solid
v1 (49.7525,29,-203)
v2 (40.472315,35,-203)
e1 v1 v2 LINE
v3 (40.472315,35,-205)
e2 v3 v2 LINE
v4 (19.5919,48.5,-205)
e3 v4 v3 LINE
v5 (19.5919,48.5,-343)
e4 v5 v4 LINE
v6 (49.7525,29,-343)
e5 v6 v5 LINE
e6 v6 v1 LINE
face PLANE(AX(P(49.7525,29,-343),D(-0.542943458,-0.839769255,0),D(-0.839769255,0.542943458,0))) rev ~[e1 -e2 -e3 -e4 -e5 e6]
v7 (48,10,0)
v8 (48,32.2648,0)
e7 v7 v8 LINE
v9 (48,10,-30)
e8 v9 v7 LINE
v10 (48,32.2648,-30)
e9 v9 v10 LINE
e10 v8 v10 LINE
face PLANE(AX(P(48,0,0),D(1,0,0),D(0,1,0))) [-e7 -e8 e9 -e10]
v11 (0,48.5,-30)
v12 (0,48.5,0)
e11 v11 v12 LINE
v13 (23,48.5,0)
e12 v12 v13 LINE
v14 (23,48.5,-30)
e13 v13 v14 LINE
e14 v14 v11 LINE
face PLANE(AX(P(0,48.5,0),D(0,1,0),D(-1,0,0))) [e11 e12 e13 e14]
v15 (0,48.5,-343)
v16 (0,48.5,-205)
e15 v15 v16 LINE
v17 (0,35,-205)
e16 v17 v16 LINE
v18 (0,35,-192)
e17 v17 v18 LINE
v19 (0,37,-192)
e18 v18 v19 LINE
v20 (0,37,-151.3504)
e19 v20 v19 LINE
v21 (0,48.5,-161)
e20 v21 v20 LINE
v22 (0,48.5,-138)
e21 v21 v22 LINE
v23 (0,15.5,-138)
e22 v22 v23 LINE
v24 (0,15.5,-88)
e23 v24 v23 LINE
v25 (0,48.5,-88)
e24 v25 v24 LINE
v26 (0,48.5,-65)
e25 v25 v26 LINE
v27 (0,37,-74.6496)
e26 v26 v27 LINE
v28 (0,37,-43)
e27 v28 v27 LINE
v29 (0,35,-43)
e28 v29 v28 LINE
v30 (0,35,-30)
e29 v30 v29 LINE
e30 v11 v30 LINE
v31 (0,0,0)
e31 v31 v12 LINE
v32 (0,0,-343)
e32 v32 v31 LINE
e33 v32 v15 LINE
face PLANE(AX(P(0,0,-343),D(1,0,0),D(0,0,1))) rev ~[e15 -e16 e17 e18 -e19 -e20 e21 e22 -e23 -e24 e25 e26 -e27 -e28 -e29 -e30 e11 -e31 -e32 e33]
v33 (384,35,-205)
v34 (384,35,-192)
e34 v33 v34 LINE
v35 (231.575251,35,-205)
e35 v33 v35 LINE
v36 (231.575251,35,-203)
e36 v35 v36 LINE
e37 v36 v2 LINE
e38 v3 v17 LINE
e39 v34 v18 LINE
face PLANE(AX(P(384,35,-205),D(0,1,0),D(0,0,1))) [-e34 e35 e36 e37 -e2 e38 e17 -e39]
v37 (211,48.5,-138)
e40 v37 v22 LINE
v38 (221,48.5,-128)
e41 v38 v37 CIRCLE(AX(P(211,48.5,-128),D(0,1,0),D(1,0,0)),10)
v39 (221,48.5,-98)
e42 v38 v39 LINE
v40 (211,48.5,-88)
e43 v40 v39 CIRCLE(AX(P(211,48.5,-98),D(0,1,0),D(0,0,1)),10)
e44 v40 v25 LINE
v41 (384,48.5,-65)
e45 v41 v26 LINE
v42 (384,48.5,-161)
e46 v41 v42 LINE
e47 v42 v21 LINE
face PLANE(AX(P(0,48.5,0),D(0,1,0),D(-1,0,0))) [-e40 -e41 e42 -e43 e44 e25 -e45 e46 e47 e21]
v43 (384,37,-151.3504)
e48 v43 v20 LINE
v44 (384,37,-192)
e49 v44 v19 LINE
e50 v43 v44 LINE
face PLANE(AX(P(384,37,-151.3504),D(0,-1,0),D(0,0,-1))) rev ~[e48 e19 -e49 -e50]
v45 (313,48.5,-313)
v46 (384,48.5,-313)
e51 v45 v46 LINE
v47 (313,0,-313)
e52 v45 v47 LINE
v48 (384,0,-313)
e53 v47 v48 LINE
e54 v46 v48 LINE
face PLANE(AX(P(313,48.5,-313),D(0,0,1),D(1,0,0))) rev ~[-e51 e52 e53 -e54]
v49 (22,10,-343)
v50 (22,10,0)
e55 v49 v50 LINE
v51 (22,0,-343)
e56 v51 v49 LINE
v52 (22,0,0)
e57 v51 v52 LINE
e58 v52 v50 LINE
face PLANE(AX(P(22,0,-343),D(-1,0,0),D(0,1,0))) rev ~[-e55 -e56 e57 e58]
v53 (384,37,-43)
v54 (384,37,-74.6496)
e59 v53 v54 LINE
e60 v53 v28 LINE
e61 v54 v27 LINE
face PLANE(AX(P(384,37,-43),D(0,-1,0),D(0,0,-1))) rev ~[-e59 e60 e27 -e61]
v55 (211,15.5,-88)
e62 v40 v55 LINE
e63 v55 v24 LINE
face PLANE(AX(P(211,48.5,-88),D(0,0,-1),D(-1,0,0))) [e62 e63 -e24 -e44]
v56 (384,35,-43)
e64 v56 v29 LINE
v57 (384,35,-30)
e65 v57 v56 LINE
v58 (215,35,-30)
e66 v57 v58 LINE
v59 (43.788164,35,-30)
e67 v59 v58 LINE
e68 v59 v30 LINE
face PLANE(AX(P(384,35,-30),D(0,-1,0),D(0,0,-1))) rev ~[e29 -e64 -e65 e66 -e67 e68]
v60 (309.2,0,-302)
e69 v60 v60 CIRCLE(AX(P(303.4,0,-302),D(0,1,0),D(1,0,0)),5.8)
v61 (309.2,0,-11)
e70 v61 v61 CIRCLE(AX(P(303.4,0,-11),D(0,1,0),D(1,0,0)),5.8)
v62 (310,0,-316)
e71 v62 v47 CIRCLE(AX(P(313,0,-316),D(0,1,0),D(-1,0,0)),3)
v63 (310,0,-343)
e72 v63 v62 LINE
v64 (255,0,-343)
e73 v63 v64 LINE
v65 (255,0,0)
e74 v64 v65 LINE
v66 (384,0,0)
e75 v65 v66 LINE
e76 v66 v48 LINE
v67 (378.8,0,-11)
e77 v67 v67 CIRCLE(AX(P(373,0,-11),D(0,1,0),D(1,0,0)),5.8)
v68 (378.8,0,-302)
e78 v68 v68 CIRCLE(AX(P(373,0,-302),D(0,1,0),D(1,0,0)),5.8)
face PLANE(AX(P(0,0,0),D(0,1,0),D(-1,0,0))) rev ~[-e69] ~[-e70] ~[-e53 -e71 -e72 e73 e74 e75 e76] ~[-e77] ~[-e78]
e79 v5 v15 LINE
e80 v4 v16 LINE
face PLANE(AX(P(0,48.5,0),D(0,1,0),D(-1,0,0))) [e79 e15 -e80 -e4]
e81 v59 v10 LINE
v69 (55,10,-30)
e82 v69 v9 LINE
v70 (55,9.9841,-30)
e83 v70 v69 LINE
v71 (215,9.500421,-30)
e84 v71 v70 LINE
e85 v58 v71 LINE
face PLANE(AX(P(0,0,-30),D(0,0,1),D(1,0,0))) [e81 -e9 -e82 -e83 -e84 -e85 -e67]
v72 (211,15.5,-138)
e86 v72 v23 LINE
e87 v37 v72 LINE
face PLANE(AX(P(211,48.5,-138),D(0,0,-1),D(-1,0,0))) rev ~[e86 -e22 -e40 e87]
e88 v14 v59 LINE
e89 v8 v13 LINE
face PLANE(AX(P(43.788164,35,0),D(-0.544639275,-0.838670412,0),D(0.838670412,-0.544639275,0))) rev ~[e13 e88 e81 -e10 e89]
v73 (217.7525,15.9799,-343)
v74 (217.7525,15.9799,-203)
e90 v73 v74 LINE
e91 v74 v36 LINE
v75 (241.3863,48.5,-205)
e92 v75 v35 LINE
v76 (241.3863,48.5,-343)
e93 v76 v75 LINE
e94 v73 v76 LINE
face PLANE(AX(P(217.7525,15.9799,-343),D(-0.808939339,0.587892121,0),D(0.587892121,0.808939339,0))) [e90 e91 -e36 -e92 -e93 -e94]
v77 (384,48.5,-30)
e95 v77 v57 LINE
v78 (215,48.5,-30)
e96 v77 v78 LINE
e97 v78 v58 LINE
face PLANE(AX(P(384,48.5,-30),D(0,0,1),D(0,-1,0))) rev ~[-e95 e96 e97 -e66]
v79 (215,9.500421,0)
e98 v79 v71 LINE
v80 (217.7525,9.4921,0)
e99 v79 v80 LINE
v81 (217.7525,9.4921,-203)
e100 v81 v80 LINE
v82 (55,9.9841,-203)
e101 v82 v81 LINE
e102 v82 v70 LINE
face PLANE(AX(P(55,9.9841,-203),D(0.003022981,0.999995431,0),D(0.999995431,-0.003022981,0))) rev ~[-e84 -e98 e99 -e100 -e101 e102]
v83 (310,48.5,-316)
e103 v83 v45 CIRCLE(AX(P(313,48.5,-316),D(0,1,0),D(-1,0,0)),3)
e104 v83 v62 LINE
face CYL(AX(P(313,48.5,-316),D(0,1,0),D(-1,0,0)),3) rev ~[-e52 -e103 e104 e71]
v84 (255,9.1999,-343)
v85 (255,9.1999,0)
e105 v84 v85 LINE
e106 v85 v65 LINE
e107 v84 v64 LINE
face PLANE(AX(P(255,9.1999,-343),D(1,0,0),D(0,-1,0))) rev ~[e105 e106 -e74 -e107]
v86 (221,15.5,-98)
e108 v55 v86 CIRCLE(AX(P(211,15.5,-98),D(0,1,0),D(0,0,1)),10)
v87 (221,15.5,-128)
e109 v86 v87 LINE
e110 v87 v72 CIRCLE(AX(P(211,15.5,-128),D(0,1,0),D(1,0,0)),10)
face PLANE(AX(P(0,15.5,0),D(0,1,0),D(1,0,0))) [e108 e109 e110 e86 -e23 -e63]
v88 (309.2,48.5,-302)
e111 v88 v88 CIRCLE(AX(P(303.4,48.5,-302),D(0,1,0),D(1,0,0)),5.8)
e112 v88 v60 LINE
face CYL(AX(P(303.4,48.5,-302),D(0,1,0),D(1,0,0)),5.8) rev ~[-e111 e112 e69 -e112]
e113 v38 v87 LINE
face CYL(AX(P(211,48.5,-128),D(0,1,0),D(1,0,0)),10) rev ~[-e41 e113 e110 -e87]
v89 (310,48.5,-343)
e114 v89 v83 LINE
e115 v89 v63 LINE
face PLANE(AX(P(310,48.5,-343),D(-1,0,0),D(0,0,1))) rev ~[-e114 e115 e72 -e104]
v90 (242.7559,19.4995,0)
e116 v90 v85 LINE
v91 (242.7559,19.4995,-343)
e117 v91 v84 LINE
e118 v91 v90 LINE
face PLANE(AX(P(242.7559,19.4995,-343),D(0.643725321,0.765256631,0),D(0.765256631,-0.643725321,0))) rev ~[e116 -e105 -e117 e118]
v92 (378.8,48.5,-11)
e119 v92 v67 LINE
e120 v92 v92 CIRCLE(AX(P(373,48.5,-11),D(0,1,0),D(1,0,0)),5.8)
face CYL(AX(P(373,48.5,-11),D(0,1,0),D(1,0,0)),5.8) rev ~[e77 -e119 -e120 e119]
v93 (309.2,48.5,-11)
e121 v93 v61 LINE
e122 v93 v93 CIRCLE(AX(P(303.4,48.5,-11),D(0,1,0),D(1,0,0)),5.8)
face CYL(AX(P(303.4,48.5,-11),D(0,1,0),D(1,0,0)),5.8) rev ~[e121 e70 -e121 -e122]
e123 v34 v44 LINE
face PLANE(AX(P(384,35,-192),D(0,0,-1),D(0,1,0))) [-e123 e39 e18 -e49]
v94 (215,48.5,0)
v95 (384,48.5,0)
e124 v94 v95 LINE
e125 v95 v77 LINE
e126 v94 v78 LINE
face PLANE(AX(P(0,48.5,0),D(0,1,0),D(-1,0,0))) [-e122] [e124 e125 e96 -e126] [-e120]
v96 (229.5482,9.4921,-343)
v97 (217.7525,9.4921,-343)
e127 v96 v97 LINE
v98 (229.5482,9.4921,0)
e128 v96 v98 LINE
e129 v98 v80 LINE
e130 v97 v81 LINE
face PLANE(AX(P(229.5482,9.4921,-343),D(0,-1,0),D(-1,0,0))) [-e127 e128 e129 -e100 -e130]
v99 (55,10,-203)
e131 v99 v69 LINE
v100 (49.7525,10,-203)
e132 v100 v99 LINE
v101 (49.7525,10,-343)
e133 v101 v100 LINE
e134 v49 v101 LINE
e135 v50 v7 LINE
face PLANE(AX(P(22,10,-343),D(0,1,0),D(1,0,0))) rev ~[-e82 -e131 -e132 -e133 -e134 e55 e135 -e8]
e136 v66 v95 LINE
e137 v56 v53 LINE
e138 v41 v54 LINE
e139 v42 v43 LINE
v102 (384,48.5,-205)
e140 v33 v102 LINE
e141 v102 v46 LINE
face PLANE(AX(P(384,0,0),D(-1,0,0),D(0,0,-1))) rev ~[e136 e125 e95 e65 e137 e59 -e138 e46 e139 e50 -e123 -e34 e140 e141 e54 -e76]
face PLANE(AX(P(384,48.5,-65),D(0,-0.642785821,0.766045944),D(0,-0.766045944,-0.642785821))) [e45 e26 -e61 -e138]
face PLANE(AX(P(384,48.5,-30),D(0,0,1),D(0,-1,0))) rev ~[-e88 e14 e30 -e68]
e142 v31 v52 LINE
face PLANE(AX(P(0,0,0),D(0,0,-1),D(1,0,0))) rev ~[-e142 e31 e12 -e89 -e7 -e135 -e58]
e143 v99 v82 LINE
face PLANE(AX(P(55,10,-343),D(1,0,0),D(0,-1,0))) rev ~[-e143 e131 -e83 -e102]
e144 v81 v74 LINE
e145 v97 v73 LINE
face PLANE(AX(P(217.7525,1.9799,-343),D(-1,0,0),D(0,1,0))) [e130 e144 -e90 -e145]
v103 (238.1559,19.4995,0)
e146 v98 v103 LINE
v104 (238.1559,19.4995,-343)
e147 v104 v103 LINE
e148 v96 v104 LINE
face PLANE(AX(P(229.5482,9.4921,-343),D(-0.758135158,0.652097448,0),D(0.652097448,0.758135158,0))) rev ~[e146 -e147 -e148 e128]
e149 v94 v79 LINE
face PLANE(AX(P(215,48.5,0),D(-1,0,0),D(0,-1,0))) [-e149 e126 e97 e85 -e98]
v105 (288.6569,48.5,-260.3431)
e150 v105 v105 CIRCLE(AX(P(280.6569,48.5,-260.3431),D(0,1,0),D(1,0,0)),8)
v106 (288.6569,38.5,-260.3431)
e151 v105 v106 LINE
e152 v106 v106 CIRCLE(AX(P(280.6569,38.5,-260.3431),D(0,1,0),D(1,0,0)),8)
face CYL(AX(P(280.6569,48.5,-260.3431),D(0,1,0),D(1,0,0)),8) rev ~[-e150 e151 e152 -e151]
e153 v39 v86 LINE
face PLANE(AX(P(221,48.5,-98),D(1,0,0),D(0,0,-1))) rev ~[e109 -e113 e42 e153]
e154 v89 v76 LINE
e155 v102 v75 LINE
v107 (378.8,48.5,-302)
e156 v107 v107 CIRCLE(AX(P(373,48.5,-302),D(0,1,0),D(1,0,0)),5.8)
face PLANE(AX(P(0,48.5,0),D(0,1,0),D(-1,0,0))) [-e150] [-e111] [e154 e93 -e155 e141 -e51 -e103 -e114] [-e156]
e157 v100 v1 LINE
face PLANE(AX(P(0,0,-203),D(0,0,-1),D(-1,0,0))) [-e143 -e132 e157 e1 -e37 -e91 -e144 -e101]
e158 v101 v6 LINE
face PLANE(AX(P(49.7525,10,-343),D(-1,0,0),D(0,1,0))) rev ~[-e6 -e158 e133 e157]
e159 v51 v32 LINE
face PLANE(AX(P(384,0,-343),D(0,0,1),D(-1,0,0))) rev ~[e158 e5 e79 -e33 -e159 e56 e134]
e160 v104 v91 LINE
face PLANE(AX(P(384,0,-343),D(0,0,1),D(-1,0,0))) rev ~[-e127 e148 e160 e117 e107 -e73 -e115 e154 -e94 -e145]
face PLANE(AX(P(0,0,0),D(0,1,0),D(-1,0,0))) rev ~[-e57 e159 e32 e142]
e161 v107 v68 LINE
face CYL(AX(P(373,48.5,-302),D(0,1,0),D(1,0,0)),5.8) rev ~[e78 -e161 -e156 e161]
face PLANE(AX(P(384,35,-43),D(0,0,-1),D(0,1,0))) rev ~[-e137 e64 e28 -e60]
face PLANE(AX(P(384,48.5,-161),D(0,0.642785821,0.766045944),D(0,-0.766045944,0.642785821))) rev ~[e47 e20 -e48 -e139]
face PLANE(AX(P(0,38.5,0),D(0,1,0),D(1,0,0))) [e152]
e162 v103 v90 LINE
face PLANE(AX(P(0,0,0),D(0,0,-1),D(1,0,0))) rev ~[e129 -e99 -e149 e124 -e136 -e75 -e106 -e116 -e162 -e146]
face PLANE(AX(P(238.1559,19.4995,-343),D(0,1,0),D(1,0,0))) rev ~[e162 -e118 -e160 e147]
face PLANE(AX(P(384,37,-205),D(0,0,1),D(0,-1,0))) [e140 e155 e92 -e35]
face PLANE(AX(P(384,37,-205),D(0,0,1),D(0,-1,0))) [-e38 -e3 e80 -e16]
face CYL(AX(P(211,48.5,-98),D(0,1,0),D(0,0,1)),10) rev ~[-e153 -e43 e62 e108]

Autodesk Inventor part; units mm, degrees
ref_plane "YZ Plane" through (0, 0, 0) normal (1, 0, 0) x (0, 1, 0)
ref_plane "XZ Plane" through (0, 0, 0) normal (0, 1, 0) x (-1, 0, 0)
ref_plane "XY Plane" through (0, 0, 0) normal (0, 0, 1) x (1, 0, 0)
sketch "Sketch1" plane through (0, 0, 0) normal (0, 1, 0) x (-1, 0, 0)
  line L0 (0, 0) -> (-384, 0)
  line L1 (-384, 0) -> (-384, -343)
  line L2 (-384, -343) -> (0, -343)
  line L3 (0, -343) -> (0, 0)
  dimension "d0" = 384
  dimension "d1" = 343
extrude "Extrusion1" add sketch "Sketch1" along normal blind 48.5
sketch "Sketch3" plane through (384, 0, 0) normal (1, 0, 0) x (0, 0, -1)
  line L0 (0, 0) -> (343, 0) projected
  line L1 (0, 0) -> (0, 48.5) projected
  line L2 (343, 0) -> (343, 48.5) projected
  line L3 (30, 48.5) -> (65, 48.5)
  line L4 (30, 48.5) -> (30, 37)
  line L5 (65, 48.5) -> (74.6496, 37)
  line L6 (43, 37) -> (74.6496, 37)
  line L7 (30, 37) -> (30, 35)
  line L8 (30, 35) -> (43, 35)
  line L9 (43, 35) -> (43, 37)
  dimension "d23" = 35
  dimension "d37" = 2
  dimension "d38" = 13
extrude "Extrusion2" cut sketch "Sketch3" against normal through all
sketch "Sketch7" plane through (384, 0, 0) normal (1, 0, 0) x (0, 0, -1)
  line L0 (65, 48.5) -> (343, 48.5) projected
  line L1 (65, 48.5) -> (161, 48.5)
  line L2 (161, 48.5) -> (174.2196, 48.5) construction
  line L3 (161, 48.5) -> (205, 48.5)
  line L4 (0, 0) -> (343, 0) projected
  line L5 (151.3504, 37) -> (192, 37)
  line L6 (205, 37) -> (205, 48.5)
  line L7 (161, 48.5) -> (151.3504, 37)
  line L8 (161, 48.5) -> (183.0653, 48.5) construction
  line L9 (205, 37) -> (205, 35)
  line L10 (205, 35) -> (192, 35)
  line L11 (192, 35) -> (192, 37)
  dimension "d27" = 96
  dimension "d29" = 44
  dimension "d32" = 130
extrude "Extrusion3" cut sketch "Sketch7" against normal through all
sketch "Sketch8" plane through (0, 48.5, 0) normal (0, 1, 0) x (1, 0, 0)
  line L0 (310, 343) -> (310, 316)
  line L1 (313, 313) -> (384, 313)
  line L2 (384, 0) -> (384, 343) projected
  line L3 (384, 313) -> (384, 343)
  line L4 (384, 343) -> (310, 343)
  line L5 (384, 343) -> (0, 343) projected
  arc A0 (310, 316) -> (313, 313) centre (313, 316) ccw
  point P0 (0, 0)
  point P1 (310, 313)
  dimension "d43" = 30
  dimension "d46" = 3
extrude "Extrusion4" cut sketch "Sketch8" against normal through all
sketch "Sketch12" plane through (0, 48.5, 0) normal (0, 1, 0) x (1, 0, 0)
  line L0 (221, 113) -> (221, 128)
  line L1 (211, 88) -> (0, 88)
  line L2 (211, 138) -> (0, 138)
  arc A0 (211, 88) -> (221, 98) centre (211, 98) ccw
  arc A1 (221, 128) -> (211, 138) centre (211, 128) ccw
  line L3 (221, 98) -> (221, 113)
  line L4 (0, 88) -> (0, 138)
  point P0 (384, 161)
  point P1 (221, 88)
  dimension "d72" = 10
extrude "Extrusion8" cut sketch "Sketch12" against normal blind 33
sketch "Sketch28" plane through (0, 48.5, 0) normal (0, 1, 0) x (1, 0, 0)
  circle A0 centre (373, 302) radius 5.8
  circle A1 centre (303.4, 302) radius 5.8
  circle A2 centre (373, 11) radius 5.8
  circle A3 centre (303.4, 11) radius 5.8
  point P0 (0, 0)
  point P1 (384, 313)
  point P2 (384, 0)
  dimension "d146" = 11.6
  dimension "d149" = 11.6
  dimension "d152" = 11.6
  dimension "d155" = 11.6
extrude "Extrusion19" cut sketch "Sketch28" against normal through all
sketch "Sketch29" plane through (0, 48.5, 0) normal (0, 0, 1) x (1, 0, 0)
  line L0 (0, -48.5) -> (0, 0) projected
  line L1 (0, 0) -> (384, 0) projected
  line L2 (23, 0) -> (48, -16.2352) projected
  line L3 (23, 0) -> (48, -16.2352)
  line L4 (0, -48.5) -> (384, -48.5) projected
  line L5 (23, 0) -> (48, 0)
  line L6 (48, -16.2352) -> (48, 0)
  line L7 (384, -13.5) -> (0, -13.5) projected
  point P0 (48, -48.5)
  point P1 (215, -48.5)
  point P2 (20, -48.5)
extrude "Extrusion20" cut sketch "Sketch29" against normal up to surface (30 mm away) contours L7 L6 L2 | L2 L1 L6 L7
sketch "Sketch30" plane through (0, 0, 0) normal (0, 0, 1) x (1, 0, 0)
  line L0 (48, 48.5) -> (215, 48.5)
  line L1 (215, 48.5) -> (215, 0)
  line L2 (215, 0) -> (48, 0)
  line L3 (48, 0) -> (48, 48.5)
  point P0 (0, 0)
  point P1 (48, 0)
extrude "Extrusion21" cut sketch "Sketch30" against normal up to surface (30 mm away)
sketch "Sketch32" plane through (0, 48.5, 0) normal (0, 1, 0) x (1, 0, 0)
  line L0 (275, 266) -> (283, 266) construction
  circle A0 centre (280.6569, 260.3431) radius 8
  point P0 (0, 0)
  point P1 (255, 343)
  dimension "d168" = 16
extrude "Extrusion22" cut sketch "Sketch32" against normal blind 10
sketch "Sketch36" plane through (0, 0, -343) normal (0, 0, -1) x (-1, 0, 0)
  line L0 (-255, 0) -> (-243.6863, 11.3137)
  line L1 (-255, 0) -> (-239, 0) construction
  line L2 (-243.6863, 11.3137) -> (-239.0863, 11.3137)
  line L3 (-239.0863, 11.3137) -> (-229.7525, 1.9799)
  line L4 (-239.0863, 11.3137) -> (-225.8863, 11.3137) construction
  line L5 (-229.7525, 1.9799) -> (-217.7525, 1.9799)
  line L6 (-22, 0) -> (-22, 10)
  line L7 (-22, 10) -> (-55, 10)
  line L8 (-217.7525, 1.9799) -> (-217.7525, 0)
  line L9 (-55, 10) -> (-55, 0)
  line L10 (-255, 0) -> (-217.7525, 0)
  line L11 (-310, 0) -> (0, 0) projected
  line L12 (-55, 0) -> (-22, 0)
  dimension "d209" = 16
  dimension "d210" = 45
  dimension "d211" = 4.6
  dimension "d214" = 13.2
  dimension "d215" = 45
  dimension "d216" = 12
  dimension "d224" = 22
  dimension "d225" = 10
extrude "Extrusion23" cut sketch "Sketch36" against normal through all
sketch "Sketch37" plane through (0, 0, -343) normal (0, 0, -1) x (-1, 0, 0)
  line L0 (-217.7525, 1.9799) -> (-217.7525, 15.9799)
  line L1 (-217.7525, 15.9799) -> (-241.3863, 48.5)
  line L2 (-241.3863, 48.5) -> (-19.5919, 48.5)
  line L3 (-211, 48.5) -> (0, 48.5) projected
  line L4 (-48, 10) -> (-55, 10) projected
  line L5 (-217.7525, 0) -> (-217.7525, 1.9799) projected
  line L6 (-217.7525, 1.9799) -> (-217.7525, 0)
  line L7 (-215, 0) -> (-55, 0) projected
  line L8 (-217.7525, 0) -> (-55, 0)
  line L9 (-55, 10) -> (-55, 0) projected
  line L10 (-55, 0) -> (-55, 10)
  line L11 (-217.7525, 15.9799) -> (-49.7525, 15.9799) construction
  line L12 (-55, 10) -> (-49.7525, 10)
  line L13 (-49.7525, 10) -> (-49.7525, 29)
  line L14 (-49.7525, 29) -> (-19.5919, 48.5)
  line L15 (0, 48.5) -> (-23, 48.5) projected
  point P0 (0, 0)
  dimension "d229" = 14
  dimension "d232" = 19
extrude "Extrusion24" cut sketch "Sketch37" against normal blind 140
sketch "Sketch38" plane through (0, 0, -203) normal (0, 0, -1) x (-1, 0, 0)
  line L0 (-49.7525, 29) -> (-49.7525, 10) projected
  line L1 (-55, 9.9841) -> (-217.7525, 9.4921)
  line L2 (-217.7525, 1.9799) -> (-217.7525, 15.9799) projected
  line L3 (-217.7525, 0) -> (-217.7525, 1.9799) projected
  line L4 (-217.7525, 9.4921) -> (-217.7525, 0)
  line L5 (-215, 0) -> (-55, 0) projected
  line L6 (-217.7525, 0) -> (-55, 0)
  line L7 (-55, 10) -> (-55, 0) projected
  line L8 (-55, 0) -> (-55, 10)
  line L9 (-55, 10) -> (-55, 0)
  point P0 (0, 0)
extrude "Extrusion25" cut sketch "Sketch38" against normal through all
sketch "Sketch40" plane through (0, 0, -343) normal (0, 0, -1) x (-1, 0, 0)
  line L0 (-229.5482, 9.4921) -> (-238.1559, 19.4995)
  line L1 (-229.5482, 9.4921) -> (-216.3482, 9.4921) construction
  line L2 (-238.1559, 19.4995) -> (-242.7559, 19.4995)
  line L3 (-242.7559, 19.4995) -> (-255, 9.1999)
  line L4 (-242.7559, 19.4995) -> (-226.7559, 19.4995) construction
  line L5 (-243.6863, 11.3137) -> (-255, 0) projected
  line L6 (-255, 9.1999) -> (-255, 0)
  line L7 (-229.5482, 9.4921) -> (-217.7525, 9.4921)
  line L8 (-217.7525, 9.4921) -> (-217.7525, 1.9799) projected
  line L9 (-217.7525, 9.4921) -> (-217.7525, 1.9799)
  line L10 (-217.7525, 1.9799) -> (-217.7525, 9.4921)
  line L11 (-217.7525, 1.9799) -> (-229.7525, 1.9799)
  line L12 (-229.7525, 1.9799) -> (-239.0863, 11.3137) projected
  line L13 (-229.7525, 1.9799) -> (-239.0863, 11.3137)
  line L14 (-239.0863, 11.3137) -> (-243.6863, 11.3137)
  line L15 (-255, 0) -> (-243.6863, 11.3137)
  dimension "d240" = 13.2
  dimension "d242" = 4.6
  dimension "d243" = 16
extrude "Extrusion26" cut sketch "Sketch40" against normal through all
properties part number "saddle" material "Iron, Cast"
